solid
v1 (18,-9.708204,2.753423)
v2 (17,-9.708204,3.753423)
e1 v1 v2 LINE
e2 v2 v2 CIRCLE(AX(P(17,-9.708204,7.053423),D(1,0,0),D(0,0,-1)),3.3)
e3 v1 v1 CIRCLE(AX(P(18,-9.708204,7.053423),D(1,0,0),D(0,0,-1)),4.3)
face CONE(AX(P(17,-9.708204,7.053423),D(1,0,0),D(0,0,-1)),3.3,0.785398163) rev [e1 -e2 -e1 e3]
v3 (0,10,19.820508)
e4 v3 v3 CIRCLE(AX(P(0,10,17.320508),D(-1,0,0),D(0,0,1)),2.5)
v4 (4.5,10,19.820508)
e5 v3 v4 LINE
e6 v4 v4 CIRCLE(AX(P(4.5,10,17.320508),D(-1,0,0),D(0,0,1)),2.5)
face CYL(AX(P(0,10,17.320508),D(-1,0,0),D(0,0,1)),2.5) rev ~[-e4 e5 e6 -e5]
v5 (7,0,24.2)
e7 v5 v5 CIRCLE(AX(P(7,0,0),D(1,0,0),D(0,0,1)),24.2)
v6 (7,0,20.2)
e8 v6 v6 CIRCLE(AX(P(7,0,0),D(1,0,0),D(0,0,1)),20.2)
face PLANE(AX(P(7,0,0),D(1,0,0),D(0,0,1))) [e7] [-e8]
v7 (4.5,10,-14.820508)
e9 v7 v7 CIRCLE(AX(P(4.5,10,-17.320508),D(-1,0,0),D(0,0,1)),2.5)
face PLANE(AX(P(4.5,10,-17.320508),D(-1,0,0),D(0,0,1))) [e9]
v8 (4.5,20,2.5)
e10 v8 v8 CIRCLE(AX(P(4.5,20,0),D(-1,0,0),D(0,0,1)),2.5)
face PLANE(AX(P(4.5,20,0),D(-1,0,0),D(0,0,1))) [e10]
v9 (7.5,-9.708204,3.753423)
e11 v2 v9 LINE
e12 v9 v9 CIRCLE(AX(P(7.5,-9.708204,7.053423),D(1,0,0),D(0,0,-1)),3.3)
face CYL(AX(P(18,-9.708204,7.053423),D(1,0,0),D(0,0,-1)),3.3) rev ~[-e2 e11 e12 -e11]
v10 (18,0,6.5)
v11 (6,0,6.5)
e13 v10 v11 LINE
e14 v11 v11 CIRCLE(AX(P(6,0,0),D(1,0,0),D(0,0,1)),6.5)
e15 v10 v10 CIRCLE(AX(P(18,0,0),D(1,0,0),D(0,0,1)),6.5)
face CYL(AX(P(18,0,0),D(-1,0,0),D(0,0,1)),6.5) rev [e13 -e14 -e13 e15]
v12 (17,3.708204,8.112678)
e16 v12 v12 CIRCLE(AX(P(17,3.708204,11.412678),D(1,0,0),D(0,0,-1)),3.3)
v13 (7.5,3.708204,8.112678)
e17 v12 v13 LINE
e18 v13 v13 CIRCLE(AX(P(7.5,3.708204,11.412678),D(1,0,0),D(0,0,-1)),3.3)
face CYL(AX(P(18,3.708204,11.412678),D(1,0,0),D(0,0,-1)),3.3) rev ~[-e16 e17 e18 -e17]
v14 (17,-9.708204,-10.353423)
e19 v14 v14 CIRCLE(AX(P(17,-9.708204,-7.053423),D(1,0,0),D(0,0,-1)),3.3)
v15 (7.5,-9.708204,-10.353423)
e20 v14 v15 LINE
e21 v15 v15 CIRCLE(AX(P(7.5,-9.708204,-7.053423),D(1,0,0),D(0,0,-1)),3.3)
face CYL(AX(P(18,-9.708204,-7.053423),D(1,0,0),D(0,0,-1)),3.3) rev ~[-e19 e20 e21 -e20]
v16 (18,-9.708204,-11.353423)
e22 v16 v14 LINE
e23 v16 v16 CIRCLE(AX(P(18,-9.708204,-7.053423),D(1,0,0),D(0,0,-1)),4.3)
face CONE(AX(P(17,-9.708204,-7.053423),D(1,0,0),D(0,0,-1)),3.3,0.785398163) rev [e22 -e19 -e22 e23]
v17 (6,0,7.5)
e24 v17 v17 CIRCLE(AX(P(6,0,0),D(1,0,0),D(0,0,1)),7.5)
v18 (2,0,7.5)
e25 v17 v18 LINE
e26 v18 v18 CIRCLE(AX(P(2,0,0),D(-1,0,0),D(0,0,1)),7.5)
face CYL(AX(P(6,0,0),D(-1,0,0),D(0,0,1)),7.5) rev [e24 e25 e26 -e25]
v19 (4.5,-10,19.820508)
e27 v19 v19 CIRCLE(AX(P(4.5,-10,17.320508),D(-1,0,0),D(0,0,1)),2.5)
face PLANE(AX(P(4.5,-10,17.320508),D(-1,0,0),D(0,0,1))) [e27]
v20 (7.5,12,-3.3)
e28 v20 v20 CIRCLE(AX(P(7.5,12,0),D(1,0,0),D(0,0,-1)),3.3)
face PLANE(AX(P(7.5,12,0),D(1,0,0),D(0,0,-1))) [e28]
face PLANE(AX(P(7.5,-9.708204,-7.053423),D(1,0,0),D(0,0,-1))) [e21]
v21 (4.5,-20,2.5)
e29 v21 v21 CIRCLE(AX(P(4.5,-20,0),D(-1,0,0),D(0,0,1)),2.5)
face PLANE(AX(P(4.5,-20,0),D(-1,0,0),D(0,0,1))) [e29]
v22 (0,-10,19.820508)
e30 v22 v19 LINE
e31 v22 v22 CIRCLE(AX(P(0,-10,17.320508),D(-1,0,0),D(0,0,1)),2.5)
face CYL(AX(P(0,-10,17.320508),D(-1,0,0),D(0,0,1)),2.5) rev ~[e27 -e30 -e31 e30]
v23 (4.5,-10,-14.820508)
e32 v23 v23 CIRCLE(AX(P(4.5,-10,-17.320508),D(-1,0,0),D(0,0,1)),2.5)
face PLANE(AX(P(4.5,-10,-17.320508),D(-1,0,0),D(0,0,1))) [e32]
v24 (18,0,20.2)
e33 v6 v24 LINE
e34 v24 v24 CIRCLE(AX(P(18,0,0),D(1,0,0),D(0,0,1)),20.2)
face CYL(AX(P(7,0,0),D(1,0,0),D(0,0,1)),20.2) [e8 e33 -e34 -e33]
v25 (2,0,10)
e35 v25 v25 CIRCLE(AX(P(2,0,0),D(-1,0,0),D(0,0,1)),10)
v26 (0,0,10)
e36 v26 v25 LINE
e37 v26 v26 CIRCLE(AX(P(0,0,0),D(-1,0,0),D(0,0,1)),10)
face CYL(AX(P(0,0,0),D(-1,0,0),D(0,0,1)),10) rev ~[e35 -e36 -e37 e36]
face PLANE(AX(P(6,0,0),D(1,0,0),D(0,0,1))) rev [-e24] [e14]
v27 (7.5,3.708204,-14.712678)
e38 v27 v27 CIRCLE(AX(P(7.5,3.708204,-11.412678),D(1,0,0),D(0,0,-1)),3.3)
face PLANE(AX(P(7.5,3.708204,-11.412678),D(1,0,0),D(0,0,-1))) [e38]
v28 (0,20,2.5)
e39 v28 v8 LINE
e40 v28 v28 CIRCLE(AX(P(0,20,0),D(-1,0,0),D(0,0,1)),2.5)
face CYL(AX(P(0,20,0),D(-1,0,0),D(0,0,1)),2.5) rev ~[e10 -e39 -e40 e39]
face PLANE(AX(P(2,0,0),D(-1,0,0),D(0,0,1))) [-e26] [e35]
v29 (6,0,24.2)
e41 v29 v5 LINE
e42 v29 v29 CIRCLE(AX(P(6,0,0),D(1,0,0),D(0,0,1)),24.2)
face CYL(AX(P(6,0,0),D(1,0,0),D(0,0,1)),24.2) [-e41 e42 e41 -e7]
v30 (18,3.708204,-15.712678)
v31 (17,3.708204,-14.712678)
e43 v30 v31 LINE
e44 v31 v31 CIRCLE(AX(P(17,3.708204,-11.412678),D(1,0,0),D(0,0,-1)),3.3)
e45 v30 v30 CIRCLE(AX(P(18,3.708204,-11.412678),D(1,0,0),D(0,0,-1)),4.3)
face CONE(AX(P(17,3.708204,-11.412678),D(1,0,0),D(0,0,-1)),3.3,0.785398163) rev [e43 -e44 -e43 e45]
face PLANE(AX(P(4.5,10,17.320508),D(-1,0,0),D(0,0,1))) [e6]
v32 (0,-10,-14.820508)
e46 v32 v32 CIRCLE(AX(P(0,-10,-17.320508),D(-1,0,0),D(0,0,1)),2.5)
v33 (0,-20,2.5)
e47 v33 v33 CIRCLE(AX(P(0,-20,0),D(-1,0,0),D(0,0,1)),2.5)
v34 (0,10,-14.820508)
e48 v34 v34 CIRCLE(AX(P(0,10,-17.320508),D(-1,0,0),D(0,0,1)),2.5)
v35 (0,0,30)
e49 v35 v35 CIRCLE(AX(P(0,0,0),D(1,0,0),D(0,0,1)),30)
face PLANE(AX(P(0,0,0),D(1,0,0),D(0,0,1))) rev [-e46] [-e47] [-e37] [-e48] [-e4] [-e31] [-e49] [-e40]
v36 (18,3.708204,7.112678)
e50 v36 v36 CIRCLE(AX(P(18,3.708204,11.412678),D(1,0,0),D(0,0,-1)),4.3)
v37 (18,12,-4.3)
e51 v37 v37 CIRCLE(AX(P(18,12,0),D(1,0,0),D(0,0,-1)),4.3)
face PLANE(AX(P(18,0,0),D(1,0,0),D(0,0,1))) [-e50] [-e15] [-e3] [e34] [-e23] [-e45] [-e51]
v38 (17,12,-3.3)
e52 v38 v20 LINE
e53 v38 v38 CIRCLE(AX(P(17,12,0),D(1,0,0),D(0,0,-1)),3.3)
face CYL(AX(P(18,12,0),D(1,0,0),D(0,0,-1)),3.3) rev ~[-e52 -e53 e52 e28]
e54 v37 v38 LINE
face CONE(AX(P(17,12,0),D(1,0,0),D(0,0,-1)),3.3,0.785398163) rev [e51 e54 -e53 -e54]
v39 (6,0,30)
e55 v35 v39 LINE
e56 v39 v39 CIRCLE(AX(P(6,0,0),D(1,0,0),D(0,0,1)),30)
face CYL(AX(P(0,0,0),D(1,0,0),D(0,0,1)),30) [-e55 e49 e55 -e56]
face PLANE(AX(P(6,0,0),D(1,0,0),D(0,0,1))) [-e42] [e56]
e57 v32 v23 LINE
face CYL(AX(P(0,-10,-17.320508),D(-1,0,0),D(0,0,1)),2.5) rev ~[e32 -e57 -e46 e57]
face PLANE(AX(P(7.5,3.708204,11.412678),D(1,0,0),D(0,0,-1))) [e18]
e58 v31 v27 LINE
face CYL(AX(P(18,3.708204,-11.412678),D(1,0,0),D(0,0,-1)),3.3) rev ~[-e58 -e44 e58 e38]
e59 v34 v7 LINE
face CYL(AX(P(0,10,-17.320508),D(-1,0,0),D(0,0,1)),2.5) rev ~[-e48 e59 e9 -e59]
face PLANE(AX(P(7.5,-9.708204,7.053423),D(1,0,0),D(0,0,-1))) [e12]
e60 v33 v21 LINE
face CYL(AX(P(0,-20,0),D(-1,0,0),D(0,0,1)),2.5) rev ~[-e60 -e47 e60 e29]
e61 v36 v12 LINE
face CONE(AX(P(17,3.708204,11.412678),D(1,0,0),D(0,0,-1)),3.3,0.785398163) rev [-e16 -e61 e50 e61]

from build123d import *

# Parameters (mm, degrees)
SKETCH2_R          = 2.5
CUT_EXTRUDE1_DEPTH = 4.5
SKETCH3_R          = 3.3
CUT_EXTRUDE2_DEPTH = 10.5
CHAMFER1_SIZE      = 1
SKETCH4_R          = 10
CUT_EXTRUDE3_DEPTH = 2


with BuildPart() as part:
    # Sketch1 → Revolve1 (revolve)
    with BuildSketch(Plane.XY, mode=Mode.PRIVATE) as revolve1_sk:
        Polygon((0, 30), (6, 30), (6, 24.2), (7, 24.2), (7, 20.2), (18, 20.2), (18, 6.5), (6, 6.5), (6, 7.5), (0, 7.5), align=None)
    revolve(revolve1_sk.sketch.rotate(Axis((0, 0, 0), (1, 0, 0)), 90), axis=Axis((0, 0, 0), (1, 0, 0)))

    # Sketch2 → Cut-Extrude1 (cut)
    with BuildSketch(Plane.ZY):
        with Locations((0, 20)):
            Circle(SKETCH2_R)
        with Locations((17.320508076, 10)):
            Circle(SKETCH2_R)
        with Locations((17.320508076, -10)):
            Circle(SKETCH2_R)
        with Locations((0, -20)):
            Circle(SKETCH2_R)
        with Locations((-17.320508076, -10)):
            Circle(SKETCH2_R)
        with Locations((-17.320508076, 10)):
            Circle(SKETCH2_R)
    extrude(amount=-CUT_EXTRUDE1_DEPTH, mode=Mode.SUBTRACT)

    # Sketch3 → Cut-Extrude2 (cut)
    with BuildSketch(Plane(origin=(18, 0, 0), x_dir=(0, 0, -1), z_dir=(1, 0, 0))):
        with Locations((0, 12)):
            Circle(SKETCH3_R)
        with Locations((11.412678196, 3.708203932)):
            Circle(SKETCH3_R)
        with Locations((7.053423028, -9.708203932)):
            Circle(SKETCH3_R)
        with Locations((-7.053423028, -9.708203932)):
            Circle(SKETCH3_R)
        with Locations((-11.412678196, 3.708203932)):
            Circle(SKETCH3_R)
    extrude(amount=-CUT_EXTRUDE2_DEPTH, mode=Mode.SUBTRACT)

    # Chamfer1
    chamfer1_edges = [part.edges().sort_by_distance(p)[0] for p in [
        (18, 12, 3.3),
        (18, 3.708203932, -8.112678196),
        (18, -9.708203932, -3.753423028),
        (18, -9.708203932, 10.353423028),
        (18, 3.708203932, 14.712678196),
    ]]
    chamfer(chamfer1_edges, length=CHAMFER1_SIZE)

    # Sketch4 → Cut-Extrude3 (cut)
    with BuildSketch(Plane.ZY):
        Circle(SKETCH4_R)
    extrude(amount=-CUT_EXTRUDE3_DEPTH, mode=Mode.SUBTRACT)


solid = part.part
